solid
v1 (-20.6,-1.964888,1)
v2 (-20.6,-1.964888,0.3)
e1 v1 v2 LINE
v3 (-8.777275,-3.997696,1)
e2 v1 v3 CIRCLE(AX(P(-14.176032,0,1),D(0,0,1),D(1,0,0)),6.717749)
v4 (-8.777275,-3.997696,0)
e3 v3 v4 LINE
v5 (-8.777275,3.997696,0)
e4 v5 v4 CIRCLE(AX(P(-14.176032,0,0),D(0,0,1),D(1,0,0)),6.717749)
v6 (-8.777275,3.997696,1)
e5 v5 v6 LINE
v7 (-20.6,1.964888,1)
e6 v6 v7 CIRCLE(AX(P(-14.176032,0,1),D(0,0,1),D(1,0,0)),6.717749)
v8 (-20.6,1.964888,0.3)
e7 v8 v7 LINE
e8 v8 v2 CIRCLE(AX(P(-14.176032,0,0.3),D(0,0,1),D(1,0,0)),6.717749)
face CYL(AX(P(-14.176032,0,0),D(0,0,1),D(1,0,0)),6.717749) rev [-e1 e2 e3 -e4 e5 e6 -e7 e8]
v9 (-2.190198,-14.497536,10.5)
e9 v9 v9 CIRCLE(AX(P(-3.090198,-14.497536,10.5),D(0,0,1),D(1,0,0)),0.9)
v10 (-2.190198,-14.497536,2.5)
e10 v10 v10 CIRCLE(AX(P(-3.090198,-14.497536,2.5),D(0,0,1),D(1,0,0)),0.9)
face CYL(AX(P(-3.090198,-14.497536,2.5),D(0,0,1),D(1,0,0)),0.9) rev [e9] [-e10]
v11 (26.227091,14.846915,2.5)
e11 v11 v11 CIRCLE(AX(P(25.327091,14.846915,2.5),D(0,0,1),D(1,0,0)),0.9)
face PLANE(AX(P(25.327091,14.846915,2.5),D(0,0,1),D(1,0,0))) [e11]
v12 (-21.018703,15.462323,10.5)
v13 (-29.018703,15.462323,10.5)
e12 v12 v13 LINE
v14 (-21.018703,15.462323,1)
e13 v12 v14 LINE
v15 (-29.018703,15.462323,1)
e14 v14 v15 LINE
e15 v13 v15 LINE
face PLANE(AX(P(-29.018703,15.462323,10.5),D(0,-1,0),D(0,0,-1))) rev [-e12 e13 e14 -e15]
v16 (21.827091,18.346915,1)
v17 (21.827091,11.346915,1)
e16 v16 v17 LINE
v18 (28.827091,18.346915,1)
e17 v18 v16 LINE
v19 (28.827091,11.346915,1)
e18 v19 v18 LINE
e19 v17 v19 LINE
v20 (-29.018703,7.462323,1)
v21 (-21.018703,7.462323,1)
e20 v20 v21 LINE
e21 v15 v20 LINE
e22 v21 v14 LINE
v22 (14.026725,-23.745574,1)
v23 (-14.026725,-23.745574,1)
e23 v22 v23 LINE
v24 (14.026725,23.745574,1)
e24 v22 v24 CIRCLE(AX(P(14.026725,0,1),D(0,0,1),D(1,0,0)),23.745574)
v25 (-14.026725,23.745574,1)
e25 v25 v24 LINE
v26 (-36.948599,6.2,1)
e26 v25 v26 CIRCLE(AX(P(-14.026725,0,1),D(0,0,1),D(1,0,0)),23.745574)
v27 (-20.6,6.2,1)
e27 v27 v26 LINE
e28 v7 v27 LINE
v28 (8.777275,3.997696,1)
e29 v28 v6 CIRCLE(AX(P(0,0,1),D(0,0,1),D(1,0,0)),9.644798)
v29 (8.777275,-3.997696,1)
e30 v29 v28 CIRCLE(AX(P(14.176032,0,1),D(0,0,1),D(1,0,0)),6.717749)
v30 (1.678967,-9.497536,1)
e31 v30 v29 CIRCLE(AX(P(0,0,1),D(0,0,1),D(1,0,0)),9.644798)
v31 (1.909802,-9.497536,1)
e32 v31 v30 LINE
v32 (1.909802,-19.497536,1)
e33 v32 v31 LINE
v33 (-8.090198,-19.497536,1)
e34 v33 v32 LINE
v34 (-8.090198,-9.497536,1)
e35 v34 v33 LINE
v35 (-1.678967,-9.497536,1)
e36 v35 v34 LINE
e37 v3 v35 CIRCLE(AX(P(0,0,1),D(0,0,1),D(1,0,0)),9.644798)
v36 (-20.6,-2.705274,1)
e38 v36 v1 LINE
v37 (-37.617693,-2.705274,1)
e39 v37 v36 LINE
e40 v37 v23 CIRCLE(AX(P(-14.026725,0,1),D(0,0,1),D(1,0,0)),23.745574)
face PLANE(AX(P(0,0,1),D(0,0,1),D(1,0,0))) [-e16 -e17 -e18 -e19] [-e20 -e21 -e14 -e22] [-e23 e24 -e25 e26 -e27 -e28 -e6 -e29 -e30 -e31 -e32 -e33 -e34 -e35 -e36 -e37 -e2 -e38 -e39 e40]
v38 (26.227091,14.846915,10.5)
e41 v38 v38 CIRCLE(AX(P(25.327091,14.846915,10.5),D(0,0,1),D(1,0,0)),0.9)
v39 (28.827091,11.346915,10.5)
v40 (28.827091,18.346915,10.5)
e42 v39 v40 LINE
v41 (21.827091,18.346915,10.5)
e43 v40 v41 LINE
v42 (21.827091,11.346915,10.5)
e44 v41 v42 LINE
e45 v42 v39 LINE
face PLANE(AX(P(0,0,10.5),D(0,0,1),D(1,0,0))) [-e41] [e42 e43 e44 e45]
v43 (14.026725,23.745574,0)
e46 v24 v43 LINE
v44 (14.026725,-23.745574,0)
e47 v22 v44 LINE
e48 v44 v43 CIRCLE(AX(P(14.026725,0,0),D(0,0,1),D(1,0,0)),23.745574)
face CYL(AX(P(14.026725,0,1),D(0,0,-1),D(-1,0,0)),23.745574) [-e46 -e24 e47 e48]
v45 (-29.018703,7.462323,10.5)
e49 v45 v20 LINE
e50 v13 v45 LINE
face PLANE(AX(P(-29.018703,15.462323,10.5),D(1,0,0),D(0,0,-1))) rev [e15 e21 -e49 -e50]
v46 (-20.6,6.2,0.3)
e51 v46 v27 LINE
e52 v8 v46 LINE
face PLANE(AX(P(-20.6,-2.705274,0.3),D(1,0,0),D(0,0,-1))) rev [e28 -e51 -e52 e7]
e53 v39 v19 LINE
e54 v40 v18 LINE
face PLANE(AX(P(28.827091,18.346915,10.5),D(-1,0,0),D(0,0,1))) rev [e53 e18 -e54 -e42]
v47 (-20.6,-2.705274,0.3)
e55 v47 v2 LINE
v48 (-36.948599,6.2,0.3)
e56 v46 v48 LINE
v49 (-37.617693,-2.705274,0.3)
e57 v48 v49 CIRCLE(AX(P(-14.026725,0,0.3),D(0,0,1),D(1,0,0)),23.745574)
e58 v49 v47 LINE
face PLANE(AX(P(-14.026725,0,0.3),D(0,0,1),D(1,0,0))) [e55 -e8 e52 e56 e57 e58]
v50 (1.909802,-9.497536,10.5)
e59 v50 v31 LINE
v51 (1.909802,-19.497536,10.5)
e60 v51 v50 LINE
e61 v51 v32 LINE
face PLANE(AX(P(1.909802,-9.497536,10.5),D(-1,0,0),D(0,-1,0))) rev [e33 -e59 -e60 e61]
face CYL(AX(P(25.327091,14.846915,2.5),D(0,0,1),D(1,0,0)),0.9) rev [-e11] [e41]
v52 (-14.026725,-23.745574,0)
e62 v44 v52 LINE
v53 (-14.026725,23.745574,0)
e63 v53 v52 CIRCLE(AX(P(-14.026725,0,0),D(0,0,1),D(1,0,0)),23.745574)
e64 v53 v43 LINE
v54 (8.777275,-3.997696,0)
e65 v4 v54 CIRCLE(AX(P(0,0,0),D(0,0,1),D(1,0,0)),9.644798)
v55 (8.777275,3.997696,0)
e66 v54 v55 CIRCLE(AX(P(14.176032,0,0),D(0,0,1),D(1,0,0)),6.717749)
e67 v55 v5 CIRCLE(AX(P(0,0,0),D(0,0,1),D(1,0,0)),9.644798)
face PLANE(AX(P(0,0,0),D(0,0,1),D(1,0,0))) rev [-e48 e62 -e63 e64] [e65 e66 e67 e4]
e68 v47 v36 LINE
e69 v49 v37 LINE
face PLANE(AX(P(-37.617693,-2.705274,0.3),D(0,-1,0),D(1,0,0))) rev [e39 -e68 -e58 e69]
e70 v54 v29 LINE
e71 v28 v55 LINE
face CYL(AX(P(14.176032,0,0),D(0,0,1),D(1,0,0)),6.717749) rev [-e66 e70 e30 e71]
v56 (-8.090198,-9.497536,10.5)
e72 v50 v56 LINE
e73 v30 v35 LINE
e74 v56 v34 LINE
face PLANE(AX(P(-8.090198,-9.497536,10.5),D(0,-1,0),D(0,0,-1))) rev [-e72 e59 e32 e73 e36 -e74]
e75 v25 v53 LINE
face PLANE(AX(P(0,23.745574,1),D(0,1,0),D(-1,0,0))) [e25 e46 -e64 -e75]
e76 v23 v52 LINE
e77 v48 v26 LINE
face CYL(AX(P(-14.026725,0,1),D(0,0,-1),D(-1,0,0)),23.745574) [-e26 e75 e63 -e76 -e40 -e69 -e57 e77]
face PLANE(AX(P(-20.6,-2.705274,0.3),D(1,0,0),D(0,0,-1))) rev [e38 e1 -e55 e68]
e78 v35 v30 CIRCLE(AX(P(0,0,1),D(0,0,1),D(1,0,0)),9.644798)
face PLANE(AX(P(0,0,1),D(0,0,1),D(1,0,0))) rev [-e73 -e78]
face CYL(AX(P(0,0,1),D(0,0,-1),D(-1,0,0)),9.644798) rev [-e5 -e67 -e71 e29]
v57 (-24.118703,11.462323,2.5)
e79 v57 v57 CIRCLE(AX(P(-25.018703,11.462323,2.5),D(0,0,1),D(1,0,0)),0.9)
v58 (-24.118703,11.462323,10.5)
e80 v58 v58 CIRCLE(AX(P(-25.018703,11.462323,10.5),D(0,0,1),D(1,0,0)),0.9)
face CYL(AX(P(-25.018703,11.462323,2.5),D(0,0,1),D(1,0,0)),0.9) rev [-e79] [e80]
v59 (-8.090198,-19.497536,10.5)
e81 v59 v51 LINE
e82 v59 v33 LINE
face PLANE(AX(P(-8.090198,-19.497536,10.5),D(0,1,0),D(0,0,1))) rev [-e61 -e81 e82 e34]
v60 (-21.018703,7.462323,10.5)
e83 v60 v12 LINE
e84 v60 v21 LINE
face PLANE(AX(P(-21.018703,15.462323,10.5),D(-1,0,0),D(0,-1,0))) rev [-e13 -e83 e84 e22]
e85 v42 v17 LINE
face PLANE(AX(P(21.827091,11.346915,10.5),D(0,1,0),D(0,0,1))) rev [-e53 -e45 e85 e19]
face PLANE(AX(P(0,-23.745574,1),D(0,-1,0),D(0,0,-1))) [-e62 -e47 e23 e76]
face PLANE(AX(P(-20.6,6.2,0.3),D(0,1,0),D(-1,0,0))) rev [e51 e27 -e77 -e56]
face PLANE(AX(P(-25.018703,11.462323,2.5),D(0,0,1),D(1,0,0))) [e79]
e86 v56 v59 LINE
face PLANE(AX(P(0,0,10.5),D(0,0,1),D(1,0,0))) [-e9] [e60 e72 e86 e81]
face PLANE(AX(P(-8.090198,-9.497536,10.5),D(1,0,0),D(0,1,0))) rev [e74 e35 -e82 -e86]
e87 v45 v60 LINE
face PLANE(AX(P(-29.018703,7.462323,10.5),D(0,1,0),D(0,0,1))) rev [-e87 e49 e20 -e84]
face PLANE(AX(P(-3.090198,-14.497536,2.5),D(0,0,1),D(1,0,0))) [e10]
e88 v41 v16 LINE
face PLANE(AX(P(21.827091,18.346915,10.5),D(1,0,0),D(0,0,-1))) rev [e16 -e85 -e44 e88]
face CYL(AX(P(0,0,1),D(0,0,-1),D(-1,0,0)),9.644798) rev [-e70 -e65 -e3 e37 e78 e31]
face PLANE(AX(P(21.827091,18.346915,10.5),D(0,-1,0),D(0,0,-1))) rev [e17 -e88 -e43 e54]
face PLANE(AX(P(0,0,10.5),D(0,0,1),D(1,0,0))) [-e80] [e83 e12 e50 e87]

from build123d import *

# Parameters (mm, degrees)
SKETCH1_R               = 9.64479785
BOSS_EXTRUDE1_DEPTH     = 1
SKETCH2_W               = 8
SKETCH2_H               = 8
SKETCH2_W_2             = 10
SKETCH2_H_2             = 10
SKETCH2_W_3             = 7
SKETCH2_H_3             = 7
BOSS_EXTRUDE2_DEPTH     = 9.5
SKETCH3_R               = 0.9
CUT_EXTRUDE1_DEPTH      = 8
CUT_EXTRUDE2_DEPTH      = 0.7
SKETCH6_R               = 6.717749006
CUT_EXTRUDE7_DEPTH      = 10.5
CUT_EXTRUDE7_DEPTH_BACK = 2


with BuildPart() as part:
    # Sketch1 → Boss-Extrude1 (new body)
    with BuildSketch(Plane.XY):
        with BuildLine():
            Line((-14.026724751, 23.745574299), (14.026724751, 23.745574299))
            ThreePointArc((14.026724751, 23.745574299), (37.77229905, 0), (14.026724751, -23.745574299))
            Line((14.026724751, -23.745574299), (-14.026724751, -23.745574299))
            ThreePointArc((-14.026724751, -23.745574299), (-37.77229905, 0), (-14.026724751, 23.745574299))
        make_face()
        Circle(SKETCH1_R, mode=Mode.SUBTRACT)
    extrude(amount=BOSS_EXTRUDE1_DEPTH)

    # Sketch2 → Boss-Extrude2 (add)
    with BuildSketch(Plane.XY.offset(1)):
        with Locations((-25.018703454, 11.462322744)):
            Rectangle(SKETCH2_W, SKETCH2_H)
        with Locations((-3.090198121, -14.497536266)):
            Rectangle(SKETCH2_W_2, SKETCH2_H_2)
        with Locations((25.327090693, 14.846915234)):
            Rectangle(SKETCH2_W_3, SKETCH2_H_3)
    extrude(amount=BOSS_EXTRUDE2_DEPTH)

    # Sketch3 → Cut-Extrude1 (cut)
    with BuildSketch(Plane.XY.offset(10.5)):
        with Locations((-25.018703454, 11.462322744)):
            Circle(SKETCH3_R)
        with Locations((25.327090693, 14.846915234)):
            Circle(SKETCH3_R)
        with Locations((-3.090198121, -14.497536266)):
            Circle(SKETCH3_R)
    extrude(amount=-CUT_EXTRUDE1_DEPTH, mode=Mode.SUBTRACT)

    # Sketch4 → Cut-Extrude2 (cut)
    with BuildSketch(Plane.XY.offset(1)):
        with BuildLine():
            Line((-20.6, 6.2), (-36.948598558, 6.2))
            ThreePointArc((-36.948598558, 6.2), (-37.70555704, 1.779100955), (-37.617693234, -2.705273523))
            Line((-37.617693234, -2.705273523), (-20.6, -2.705273523))
            Line((-20.6, -2.705273523), (-20.6, 6.2))
        make_face()
    extrude(amount=-CUT_EXTRUDE2_DEPTH, mode=Mode.SUBTRACT)

    # Sketch6 → Cut-Extrude7 (cut, two sides)
    with BuildSketch(Plane.XY.offset(1)) as cut_extrude7_sk:
        with Locations((14.176031791, 0)):
            Circle(SKETCH6_R)
        with Locations((-14.176031791, 0)):
            Circle(SKETCH6_R)
    extrude(amount=CUT_EXTRUDE7_DEPTH, mode=Mode.SUBTRACT)
    extrude(cut_extrude7_sk.sketch, amount=-CUT_EXTRUDE7_DEPTH_BACK, mode=Mode.SUBTRACT)


solid = part.part
